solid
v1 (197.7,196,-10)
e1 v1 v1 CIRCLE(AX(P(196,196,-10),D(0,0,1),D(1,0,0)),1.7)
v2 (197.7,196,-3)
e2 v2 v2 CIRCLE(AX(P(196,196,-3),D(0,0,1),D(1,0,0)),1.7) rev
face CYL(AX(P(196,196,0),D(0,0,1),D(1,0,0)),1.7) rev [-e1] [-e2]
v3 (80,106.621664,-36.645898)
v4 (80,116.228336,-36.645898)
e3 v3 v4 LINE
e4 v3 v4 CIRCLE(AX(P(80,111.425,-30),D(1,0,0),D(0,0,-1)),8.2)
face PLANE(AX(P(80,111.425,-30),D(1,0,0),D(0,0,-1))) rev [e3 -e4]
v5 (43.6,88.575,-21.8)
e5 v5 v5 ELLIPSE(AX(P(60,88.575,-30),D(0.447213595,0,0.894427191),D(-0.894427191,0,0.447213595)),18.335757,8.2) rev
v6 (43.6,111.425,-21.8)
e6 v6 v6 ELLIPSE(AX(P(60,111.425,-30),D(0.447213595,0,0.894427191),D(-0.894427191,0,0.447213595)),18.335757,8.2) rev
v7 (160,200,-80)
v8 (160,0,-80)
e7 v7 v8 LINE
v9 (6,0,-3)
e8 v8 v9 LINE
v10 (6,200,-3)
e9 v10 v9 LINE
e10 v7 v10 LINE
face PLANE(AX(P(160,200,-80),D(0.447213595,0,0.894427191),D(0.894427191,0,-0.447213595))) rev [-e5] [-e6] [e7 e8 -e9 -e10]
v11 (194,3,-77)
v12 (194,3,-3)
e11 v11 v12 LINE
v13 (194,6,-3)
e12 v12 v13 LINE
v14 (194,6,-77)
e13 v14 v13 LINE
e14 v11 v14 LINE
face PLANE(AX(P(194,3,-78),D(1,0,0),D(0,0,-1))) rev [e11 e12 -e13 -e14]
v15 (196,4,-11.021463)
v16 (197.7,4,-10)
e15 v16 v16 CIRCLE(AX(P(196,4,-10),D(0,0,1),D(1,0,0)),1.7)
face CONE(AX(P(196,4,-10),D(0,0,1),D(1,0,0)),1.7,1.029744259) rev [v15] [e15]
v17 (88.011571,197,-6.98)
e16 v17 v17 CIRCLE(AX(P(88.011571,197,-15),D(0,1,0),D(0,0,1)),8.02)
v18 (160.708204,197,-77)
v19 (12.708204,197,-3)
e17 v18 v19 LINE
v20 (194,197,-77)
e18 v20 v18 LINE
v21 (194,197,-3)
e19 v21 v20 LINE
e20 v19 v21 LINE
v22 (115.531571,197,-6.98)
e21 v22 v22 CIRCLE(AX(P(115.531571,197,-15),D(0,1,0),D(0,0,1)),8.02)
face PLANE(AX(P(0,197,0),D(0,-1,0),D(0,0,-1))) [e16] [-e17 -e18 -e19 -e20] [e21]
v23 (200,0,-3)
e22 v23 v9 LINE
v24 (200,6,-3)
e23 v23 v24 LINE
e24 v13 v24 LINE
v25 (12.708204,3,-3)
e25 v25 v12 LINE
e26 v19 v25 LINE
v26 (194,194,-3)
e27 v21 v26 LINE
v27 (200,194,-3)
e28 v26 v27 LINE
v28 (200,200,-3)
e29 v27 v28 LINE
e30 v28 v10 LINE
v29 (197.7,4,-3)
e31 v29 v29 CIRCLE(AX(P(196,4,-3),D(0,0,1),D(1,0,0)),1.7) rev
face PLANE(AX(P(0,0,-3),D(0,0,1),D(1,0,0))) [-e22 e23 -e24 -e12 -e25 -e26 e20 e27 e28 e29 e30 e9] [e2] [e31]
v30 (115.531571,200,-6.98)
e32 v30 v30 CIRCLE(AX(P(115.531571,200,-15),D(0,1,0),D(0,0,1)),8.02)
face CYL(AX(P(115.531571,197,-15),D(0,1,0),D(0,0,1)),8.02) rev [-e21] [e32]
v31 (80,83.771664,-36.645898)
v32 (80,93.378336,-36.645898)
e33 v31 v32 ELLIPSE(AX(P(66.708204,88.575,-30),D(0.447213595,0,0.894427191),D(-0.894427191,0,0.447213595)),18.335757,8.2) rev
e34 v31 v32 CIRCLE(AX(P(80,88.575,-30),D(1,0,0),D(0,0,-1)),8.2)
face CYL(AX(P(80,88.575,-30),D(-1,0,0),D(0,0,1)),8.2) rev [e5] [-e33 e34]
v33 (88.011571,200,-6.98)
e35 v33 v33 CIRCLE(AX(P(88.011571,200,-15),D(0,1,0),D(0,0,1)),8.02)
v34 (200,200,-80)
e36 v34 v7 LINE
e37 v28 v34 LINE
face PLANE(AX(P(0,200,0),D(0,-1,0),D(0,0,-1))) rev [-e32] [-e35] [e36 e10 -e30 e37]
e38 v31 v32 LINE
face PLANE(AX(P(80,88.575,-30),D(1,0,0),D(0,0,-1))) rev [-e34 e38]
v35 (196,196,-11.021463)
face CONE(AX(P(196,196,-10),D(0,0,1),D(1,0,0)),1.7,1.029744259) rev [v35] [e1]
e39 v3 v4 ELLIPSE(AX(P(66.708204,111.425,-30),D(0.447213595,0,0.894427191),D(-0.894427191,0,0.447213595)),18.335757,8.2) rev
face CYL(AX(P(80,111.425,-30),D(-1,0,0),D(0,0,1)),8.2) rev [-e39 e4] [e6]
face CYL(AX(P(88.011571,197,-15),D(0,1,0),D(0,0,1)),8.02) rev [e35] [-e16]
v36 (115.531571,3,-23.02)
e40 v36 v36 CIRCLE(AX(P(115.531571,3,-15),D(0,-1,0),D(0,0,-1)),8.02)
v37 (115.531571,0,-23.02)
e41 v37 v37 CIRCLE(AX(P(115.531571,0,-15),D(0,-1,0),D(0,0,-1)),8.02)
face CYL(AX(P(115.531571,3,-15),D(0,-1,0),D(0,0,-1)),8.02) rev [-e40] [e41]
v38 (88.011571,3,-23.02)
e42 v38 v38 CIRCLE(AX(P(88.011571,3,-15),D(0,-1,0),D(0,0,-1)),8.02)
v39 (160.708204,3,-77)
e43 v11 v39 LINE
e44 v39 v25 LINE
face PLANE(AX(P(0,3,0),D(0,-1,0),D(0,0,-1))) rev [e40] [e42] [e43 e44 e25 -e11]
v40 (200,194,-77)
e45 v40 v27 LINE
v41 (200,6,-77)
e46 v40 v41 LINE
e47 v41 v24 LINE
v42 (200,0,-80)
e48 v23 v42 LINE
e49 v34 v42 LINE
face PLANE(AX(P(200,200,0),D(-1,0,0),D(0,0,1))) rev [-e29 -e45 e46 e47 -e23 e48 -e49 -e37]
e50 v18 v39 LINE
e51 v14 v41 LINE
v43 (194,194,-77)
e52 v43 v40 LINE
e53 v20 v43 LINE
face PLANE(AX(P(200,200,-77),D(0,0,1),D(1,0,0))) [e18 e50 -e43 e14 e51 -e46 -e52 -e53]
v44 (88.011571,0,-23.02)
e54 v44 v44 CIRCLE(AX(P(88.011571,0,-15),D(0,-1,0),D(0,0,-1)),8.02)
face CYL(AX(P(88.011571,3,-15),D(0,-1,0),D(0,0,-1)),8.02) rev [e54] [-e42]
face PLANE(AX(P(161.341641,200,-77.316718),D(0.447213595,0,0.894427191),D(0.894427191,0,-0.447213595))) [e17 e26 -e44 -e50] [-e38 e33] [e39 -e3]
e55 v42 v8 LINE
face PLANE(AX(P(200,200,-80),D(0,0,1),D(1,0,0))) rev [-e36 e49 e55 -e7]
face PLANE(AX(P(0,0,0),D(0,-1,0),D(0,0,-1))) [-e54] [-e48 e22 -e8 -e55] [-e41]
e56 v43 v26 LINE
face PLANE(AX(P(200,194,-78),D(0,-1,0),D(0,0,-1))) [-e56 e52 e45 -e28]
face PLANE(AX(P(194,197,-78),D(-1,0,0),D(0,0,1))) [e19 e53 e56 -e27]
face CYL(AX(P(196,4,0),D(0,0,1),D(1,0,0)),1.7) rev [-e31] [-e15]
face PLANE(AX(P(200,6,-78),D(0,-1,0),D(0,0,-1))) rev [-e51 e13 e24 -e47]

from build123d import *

# Parameters (mm, degrees)
SALIENTE_EXTRUIR2_DEPTH = 200
VACIADO2_T              = -3
CROQUIS6_R              = 8.2
CORTAR_EXTRUIR4_DEPTH   = 80
CROQUIS2_R              = 8.02
CORTAR_EXTRUIR5_DEPTH   = 3
CORTAR_EXTRUIR6_START   = -3
CROQUIS5_R              = 8.02
CORTAR_EXTRUIR6_DEPTH   = 3
CROQUIS7_W              = 7.4
CROQUIS7_H              = 7.4
CORTAR_EXTRUIR11_DEPTH  = 3
CROQUIS8_W              = 7.04
CROQUIS8_H              = 7.04
CORTAR_EXTRUIR12_DEPTH  = 3
CROQUIS9_W              = 35
CROQUIS9_H              = 35
CORTAR_EXTRUIR13_DEPTH  = 3
CROQUIS15_W             = 6
CROQUIS15_H             = 3
SALIENTE_EXTRUIR3_DEPTH = 75


with BuildPart() as part:
    # Croquis1 → Saliente-Extruir2 (new body)
    with BuildSketch(Plane(origin=(0, 0, 0), x_dir=(1, 0, 0), z_dir=(0, 1, 0))):
        Polygon((0, 0), (200, 0), (200, 80), (160, 80), align=None)
    extrude(amount=SALIENTE_EXTRUIR2_DEPTH)

    # Vaciado2
    vaciado2_openings = [part.faces().sort_by_distance(p)[0] for p in [
        (200, 100, -40),
    ]]
    offset(amount=VACIADO2_T, openings=vaciado2_openings, kind=Kind.INTERSECTION)

    # Croquis6 → Cortar-Extruir4 (cut)
    with BuildSketch(Plane(origin=(0, 0, 0), x_dir=(0, 0, -1), z_dir=(1, 0, 0))):
        with Locations(Location((30, 88.575, 0), (0, 0, 180))):
            Circle(CROQUIS6_R)
        with Locations(Location((30, 111.425, 0), (0, 0, 180))):
            Circle(CROQUIS6_R)
    extrude(amount=CORTAR_EXTRUIR4_DEPTH, mode=Mode.SUBTRACT)

    # Croquis2 → Cortar-Extruir5 (cut)
    with BuildSketch(Plane(origin=(0, 200, 0), x_dir=(1, 0, 0), z_dir=(0, 1, 0))):
        with Locations(Location((88.011571484, 15, 0), (0, 0, 270))):
            Circle(CROQUIS2_R)
        with Locations(Location((115.531571484, 15, 0), (0, 0, 270))):
            Circle(CROQUIS2_R)
    extrude(amount=-CORTAR_EXTRUIR5_DEPTH, mode=Mode.SUBTRACT)

    # Croquis5 → Cortar-Extruir6 (cut)
    with BuildSketch(Plane.XZ.offset(CORTAR_EXTRUIR6_START)):
        with Locations(Location((88.011571484, -15, 0), (0, 0, 90))):
            Circle(CROQUIS5_R)
        with Locations(Location((115.531571484, -15, 0), (0, 0, 90))):
            Circle(CROQUIS5_R)
    extrude(amount=CORTAR_EXTRUIR6_DEPTH, mode=Mode.SUBTRACT)

    # Croquis7 → Cortar-Extruir11 (cut)
    with BuildSketch(Plane.XY):
        with Locations((18.7, 13.7)):
            Rectangle(CROQUIS7_W, CROQUIS7_H)
    cortar_extruir11 = extrude(amount=-CORTAR_EXTRUIR11_DEPTH, mode=Mode.SUBTRACT)

    # Simetría5: Cortar-Extruir11 across plane
    add(cortar_extruir11.mirror(Plane.ZX.offset(100)), mode=Mode.SUBTRACT)

    # Croquis8 → Cortar-Extruir12 (cut)
    with BuildSketch(Plane.XY):
        with Locations((18.52, 100)):
            Rectangle(CROQUIS8_W, CROQUIS8_H)
    extrude(amount=-CORTAR_EXTRUIR12_DEPTH, mode=Mode.SUBTRACT)

    # Croquis9 → Cortar-Extruir13 (cut)
    with BuildSketch(Plane.XY):
        with Locations((174.5, 174.5)):
            Rectangle(CROQUIS9_W, CROQUIS9_H)
    cortar_extruir13 = extrude(amount=-CORTAR_EXTRUIR13_DEPTH, mode=Mode.SUBTRACT)

    # Simetría6: Cortar-Extruir13 across plane
    add(cortar_extruir13.mirror(Plane.ZX.offset(100)), mode=Mode.SUBTRACT)

    # Croquis15 → Saliente-Extruir3 (add)
    with BuildSketch(Plane(origin=(0, 0, -3), x_dir=(-1, 0, 0), z_dir=(0, 0, -1))):
        with Locations((-197, 4.5)):
            Rectangle(CROQUIS15_W, CROQUIS15_H)
    saliente_extruir3 = extrude(amount=SALIENTE_EXTRUIR3_DEPTH)

    # Simetría7: Saliente-Extruir3 across plane
    add(saliente_extruir3.mirror(Plane.ZX.offset(100)))

    # Croquis18 → Refrentado para tornillo tapón con cabeza plana de clavija de M33 (revolve, cut)
    with BuildSketch(Plane(origin=(196, 4, 0), x_dir=(0, -1, 0), z_dir=(1, 0, 0))):
        Polygon((0, 0), (0, 11.021463052), (1.7, 10), (1.7, 1.66), (3.36, 0), align=None)
    refrentado_para_tornillo_tap_n_con_cabez = revolve(axis=Axis((196, 4, 6.35), (0, 0, -1)), mode=Mode.SUBTRACT)

    # Simetría8: Refrentado para tornillo tapón con cabeza plana de clavija de M33 across plane
    add(refrentado_para_tornillo_tap_n_con_cabez.mirror(Plane.ZX.offset(100)), mode=Mode.SUBTRACT)

    # Simetría9: Refrentado para tornillo tapón con cabeza plana de clavija de M33 across plane
    add(refrentado_para_tornillo_tap_n_con_cabez.mirror(Plane(origin=(100, 0, 0), x_dir=(0, 0, 1), z_dir=(1, 0, 0))), mode=Mode.SUBTRACT)

    # Simetría9 copy 1 sketch → Simetría9 copy 1 (revolve, cut)
    with BuildSketch(Plane(origin=(4, 196, 0), x_dir=(0, 1, 0), z_dir=(-1, 0, 0))):
        Polygon((0, 0), (0, 11.021463052), (1.7, 10), (1.7, 1.66), (3.36, 0), align=None)
    revolve(axis=Axis((4, 196, 6.35), (0, 0, -1)), mode=Mode.SUBTRACT)

    # Partir1
    split(bisect_by=Plane.XY.offset(-3), keep=Keep.BOTTOM)


solid = part.part
